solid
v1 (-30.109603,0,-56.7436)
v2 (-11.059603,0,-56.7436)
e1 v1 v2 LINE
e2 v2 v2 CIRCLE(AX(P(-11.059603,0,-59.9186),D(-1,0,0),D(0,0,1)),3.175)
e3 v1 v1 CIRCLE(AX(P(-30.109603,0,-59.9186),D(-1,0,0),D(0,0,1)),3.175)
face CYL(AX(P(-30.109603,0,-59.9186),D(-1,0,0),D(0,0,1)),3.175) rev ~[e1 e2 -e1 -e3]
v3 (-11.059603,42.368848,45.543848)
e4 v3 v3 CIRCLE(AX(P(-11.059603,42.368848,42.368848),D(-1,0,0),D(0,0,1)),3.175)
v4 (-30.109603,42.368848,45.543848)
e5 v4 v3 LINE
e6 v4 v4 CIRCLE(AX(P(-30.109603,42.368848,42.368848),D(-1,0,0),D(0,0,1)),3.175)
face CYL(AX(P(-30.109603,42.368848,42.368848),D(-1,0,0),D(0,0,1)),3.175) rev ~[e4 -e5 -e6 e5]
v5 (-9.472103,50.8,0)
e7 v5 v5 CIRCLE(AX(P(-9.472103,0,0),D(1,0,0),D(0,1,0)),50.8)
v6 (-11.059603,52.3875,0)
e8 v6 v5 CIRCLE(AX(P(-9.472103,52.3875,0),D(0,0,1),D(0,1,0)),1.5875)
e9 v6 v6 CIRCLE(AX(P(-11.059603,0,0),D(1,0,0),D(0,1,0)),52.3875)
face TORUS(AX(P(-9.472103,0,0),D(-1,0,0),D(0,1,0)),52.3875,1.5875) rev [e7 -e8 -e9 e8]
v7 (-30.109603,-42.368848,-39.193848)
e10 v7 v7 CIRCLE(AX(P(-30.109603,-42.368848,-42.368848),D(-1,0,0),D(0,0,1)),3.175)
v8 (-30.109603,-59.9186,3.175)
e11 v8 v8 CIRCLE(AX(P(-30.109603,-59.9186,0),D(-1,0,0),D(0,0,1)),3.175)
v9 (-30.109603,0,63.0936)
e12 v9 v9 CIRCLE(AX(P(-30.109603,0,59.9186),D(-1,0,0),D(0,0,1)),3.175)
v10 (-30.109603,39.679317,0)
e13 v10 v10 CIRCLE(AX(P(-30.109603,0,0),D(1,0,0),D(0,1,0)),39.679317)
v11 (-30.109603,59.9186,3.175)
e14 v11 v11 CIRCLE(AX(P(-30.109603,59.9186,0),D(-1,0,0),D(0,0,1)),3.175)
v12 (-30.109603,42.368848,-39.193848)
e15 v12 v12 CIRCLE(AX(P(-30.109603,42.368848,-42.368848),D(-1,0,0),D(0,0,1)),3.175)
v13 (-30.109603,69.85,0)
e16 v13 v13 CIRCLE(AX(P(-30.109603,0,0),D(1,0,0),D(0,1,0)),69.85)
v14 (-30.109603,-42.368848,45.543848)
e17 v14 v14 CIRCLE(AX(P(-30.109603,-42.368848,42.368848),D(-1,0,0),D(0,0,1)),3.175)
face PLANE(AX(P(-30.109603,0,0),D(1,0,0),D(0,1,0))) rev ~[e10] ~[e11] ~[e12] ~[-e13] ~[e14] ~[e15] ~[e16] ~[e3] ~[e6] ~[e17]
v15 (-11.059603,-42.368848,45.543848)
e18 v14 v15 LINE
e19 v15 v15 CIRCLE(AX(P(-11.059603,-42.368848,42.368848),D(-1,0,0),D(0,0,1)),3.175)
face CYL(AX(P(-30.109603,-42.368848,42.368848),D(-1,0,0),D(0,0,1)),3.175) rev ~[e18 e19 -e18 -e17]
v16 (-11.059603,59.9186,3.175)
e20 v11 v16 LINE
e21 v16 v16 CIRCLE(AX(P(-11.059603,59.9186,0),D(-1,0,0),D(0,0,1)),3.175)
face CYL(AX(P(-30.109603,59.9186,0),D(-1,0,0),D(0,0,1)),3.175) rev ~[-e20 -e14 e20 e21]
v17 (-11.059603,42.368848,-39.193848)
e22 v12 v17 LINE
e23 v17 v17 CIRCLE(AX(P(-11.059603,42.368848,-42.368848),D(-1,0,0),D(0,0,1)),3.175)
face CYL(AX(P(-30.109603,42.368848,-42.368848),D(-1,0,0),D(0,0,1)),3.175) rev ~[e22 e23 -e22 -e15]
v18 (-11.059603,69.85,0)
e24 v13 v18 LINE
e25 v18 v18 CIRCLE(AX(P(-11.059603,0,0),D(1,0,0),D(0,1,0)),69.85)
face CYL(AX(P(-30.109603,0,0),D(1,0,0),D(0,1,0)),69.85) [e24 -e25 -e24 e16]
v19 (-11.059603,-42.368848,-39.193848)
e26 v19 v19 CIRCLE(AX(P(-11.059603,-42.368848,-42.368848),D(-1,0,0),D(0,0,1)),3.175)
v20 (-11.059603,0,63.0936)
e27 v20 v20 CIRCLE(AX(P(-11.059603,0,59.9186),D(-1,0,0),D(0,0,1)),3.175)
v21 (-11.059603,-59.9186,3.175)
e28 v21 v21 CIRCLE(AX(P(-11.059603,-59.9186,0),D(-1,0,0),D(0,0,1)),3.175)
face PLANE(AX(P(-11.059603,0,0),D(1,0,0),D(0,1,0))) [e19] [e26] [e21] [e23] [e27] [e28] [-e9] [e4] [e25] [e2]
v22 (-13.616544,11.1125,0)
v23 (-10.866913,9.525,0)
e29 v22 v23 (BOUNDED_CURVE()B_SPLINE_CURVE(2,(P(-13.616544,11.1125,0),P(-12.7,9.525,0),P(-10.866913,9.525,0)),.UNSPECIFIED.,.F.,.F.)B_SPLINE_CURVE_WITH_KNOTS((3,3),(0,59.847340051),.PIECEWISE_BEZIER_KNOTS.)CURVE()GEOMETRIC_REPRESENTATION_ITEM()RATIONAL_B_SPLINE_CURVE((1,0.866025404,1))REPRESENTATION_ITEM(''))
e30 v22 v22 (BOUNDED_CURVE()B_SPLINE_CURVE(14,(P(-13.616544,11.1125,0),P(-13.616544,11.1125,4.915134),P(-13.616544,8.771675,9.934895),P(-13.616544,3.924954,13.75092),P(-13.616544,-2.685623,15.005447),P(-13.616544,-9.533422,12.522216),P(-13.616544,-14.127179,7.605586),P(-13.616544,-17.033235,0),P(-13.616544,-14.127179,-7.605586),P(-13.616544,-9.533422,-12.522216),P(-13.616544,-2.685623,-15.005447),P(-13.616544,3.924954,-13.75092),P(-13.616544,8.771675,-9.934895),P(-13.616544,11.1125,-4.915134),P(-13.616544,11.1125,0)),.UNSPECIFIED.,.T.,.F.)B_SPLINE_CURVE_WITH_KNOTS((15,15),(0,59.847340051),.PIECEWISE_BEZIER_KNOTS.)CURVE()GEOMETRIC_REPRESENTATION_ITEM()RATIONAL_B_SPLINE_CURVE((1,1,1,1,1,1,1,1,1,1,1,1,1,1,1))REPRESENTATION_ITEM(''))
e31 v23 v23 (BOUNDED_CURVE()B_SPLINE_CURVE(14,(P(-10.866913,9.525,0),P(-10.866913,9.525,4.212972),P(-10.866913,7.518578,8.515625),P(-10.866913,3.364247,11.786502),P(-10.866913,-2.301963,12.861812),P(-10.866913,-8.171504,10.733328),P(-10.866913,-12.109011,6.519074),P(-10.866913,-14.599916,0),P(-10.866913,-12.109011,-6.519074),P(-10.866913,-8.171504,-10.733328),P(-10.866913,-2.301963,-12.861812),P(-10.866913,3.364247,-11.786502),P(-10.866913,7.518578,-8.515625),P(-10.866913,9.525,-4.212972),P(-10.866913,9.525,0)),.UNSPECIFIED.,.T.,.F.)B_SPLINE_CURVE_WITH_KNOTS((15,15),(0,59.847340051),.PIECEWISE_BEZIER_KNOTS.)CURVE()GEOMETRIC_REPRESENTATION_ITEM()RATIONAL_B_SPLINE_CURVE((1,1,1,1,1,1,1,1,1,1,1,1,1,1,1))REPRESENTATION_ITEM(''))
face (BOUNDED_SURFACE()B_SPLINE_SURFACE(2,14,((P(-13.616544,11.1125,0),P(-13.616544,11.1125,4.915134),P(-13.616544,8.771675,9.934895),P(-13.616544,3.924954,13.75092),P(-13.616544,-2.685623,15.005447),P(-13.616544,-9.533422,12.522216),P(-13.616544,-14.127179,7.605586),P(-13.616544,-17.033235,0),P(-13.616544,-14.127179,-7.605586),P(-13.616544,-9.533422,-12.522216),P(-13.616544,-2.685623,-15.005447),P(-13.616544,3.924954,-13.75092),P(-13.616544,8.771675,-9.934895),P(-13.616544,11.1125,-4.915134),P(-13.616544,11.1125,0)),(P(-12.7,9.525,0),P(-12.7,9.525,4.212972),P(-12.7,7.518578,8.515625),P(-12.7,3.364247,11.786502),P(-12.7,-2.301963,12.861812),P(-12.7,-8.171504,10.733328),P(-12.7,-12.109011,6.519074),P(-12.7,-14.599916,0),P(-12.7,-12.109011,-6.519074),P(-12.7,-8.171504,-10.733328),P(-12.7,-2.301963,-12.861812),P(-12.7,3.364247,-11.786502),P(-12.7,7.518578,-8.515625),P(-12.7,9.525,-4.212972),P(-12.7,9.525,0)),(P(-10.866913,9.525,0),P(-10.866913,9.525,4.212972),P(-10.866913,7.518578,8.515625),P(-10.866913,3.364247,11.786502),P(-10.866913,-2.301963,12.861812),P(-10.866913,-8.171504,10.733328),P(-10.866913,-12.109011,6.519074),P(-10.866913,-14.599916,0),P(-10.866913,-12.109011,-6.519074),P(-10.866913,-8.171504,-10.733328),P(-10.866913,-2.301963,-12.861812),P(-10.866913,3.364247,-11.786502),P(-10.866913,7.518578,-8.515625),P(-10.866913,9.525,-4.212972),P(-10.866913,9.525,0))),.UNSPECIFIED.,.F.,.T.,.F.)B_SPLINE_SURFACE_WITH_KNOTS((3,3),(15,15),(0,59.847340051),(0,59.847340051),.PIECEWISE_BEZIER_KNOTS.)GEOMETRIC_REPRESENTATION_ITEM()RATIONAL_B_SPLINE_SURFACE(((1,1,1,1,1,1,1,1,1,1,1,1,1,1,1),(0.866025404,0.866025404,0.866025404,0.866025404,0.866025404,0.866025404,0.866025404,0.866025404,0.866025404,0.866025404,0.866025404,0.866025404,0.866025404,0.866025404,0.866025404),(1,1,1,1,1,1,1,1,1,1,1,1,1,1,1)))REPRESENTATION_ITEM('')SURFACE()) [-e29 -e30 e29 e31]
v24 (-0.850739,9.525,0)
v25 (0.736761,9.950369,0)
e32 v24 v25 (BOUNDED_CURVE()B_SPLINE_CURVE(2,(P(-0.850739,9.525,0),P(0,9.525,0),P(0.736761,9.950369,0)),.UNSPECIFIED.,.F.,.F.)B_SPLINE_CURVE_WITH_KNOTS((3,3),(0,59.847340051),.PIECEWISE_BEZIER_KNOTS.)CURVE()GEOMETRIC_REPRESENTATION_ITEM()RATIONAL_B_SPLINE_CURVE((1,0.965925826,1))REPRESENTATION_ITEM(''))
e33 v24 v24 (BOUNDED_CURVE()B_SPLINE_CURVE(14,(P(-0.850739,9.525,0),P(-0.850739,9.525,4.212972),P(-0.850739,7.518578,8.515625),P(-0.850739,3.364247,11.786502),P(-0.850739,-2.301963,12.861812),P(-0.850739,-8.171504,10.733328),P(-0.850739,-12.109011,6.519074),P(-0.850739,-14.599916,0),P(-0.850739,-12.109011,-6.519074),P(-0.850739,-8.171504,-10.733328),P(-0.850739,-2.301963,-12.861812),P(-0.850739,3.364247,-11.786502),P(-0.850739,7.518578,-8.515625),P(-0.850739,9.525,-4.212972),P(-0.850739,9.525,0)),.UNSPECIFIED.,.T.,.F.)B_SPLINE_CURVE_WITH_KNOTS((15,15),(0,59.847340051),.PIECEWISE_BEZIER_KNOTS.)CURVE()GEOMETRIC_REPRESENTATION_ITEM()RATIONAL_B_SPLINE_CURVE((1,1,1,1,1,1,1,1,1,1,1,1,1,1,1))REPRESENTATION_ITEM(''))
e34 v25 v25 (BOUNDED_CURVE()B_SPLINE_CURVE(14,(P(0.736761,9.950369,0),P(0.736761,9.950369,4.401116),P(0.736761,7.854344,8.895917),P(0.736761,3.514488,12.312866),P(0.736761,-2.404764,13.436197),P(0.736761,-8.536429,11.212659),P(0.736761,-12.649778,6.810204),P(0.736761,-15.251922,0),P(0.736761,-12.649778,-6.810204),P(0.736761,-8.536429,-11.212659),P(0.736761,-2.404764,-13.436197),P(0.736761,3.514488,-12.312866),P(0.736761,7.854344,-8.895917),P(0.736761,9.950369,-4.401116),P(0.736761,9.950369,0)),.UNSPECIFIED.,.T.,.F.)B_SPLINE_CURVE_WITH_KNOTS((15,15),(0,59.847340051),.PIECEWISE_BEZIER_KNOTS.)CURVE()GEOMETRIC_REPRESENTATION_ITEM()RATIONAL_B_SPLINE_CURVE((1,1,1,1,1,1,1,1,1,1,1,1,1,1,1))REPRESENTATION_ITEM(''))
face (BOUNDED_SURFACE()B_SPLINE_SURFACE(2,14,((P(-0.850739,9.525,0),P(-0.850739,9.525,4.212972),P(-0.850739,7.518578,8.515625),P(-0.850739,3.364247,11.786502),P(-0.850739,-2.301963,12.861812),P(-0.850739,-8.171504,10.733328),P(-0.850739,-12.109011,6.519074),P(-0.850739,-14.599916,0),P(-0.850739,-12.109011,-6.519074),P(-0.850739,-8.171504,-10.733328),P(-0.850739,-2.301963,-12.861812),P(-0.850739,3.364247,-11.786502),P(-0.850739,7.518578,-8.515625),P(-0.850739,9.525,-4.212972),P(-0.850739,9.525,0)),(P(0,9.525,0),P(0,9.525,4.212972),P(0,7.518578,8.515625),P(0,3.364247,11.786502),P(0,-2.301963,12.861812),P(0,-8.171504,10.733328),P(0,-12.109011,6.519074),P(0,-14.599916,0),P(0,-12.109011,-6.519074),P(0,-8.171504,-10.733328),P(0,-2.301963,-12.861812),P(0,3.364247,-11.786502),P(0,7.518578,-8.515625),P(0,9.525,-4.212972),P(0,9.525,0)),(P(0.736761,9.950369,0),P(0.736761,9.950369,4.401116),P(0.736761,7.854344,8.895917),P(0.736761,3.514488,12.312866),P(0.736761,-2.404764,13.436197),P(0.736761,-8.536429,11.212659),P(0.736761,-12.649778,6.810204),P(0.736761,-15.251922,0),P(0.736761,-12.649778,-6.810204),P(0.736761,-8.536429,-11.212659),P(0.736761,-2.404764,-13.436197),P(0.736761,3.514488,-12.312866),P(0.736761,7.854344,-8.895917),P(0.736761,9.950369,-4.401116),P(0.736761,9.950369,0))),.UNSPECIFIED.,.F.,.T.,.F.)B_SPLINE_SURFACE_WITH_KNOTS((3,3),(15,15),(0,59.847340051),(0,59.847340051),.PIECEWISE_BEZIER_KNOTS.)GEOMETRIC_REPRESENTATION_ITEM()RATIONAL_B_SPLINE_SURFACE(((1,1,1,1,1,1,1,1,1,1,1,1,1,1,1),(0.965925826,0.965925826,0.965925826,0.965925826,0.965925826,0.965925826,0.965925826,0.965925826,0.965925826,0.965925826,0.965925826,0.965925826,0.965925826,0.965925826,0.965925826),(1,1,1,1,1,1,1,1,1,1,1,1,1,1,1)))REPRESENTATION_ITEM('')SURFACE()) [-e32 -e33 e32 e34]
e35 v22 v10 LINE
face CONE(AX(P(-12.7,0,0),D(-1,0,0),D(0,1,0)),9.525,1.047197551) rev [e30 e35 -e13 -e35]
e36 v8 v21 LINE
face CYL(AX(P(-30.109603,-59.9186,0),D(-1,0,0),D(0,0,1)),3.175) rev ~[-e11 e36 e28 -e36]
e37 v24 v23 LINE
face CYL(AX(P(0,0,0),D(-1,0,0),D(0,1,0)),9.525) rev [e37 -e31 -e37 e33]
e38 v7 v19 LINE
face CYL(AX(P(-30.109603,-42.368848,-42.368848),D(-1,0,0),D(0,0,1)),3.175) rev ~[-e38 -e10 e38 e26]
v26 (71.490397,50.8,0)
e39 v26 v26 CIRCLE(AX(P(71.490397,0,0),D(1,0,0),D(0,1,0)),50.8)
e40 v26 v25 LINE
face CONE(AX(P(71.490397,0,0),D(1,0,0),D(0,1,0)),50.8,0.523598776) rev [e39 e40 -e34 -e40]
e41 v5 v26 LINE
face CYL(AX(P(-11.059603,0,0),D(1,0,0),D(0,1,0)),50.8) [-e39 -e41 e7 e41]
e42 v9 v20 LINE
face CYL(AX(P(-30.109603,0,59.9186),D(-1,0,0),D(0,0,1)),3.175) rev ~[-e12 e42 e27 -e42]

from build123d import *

# Parameters (mm, degrees)
CUT_EXTRUDE2_REACH = 103.6
SKETCH3_R          = 3.175
FILLET1_R          = 3.175
FILLET2_R          = 1.5875


with BuildPart() as part:
    # Sketch1 → Revolve1 (revolve)
    with BuildSketch(Plane.XY):
        Polygon((-12.7, 9.525), (-30.109602918, 39.679316793), (-30.109602918, 50.8), (-30.109602918, 69.85), (-11.059602918, 69.85), (-11.059602918, 50.8), (71.490397082, 50.8), (0, 9.525), align=None)
    revolve(axis=Axis((0, 0, 0), (1, 0, 0)))

    # Sketch3 → Cut-Extrude2 (cut, up to next)
    with BuildSketch(Plane.ZY.offset(30.109602918), mode=Mode.PRIVATE) as cut_extrude2_sk1:
        with Locations((0, 59.9186)):
            Circle(SKETCH3_R)
    cut_extrude2_tool1 = extrude(cut_extrude2_sk1.sketch, amount=-CUT_EXTRUDE2_REACH, mode=Mode.PRIVATE) & part.part
    add(cut_extrude2_tool1.solids().sort_by_distance((-30.109603, 59.9186, 0))[0], mode=Mode.SUBTRACT)
    # Sketch3 → Cut-Extrude2 (cut, up to next)
    with BuildSketch(Plane.ZY.offset(30.109602918), mode=Mode.PRIVATE) as cut_extrude2_sk2:
        with Locations((42.368848379, 42.368848379)):
            Circle(SKETCH3_R)
    cut_extrude2_tool2 = extrude(cut_extrude2_sk2.sketch, amount=-CUT_EXTRUDE2_REACH, mode=Mode.PRIVATE) & part.part
    add(cut_extrude2_tool2.solids().sort_by_distance((-30.109603, 42.368848, 42.368848))[0], mode=Mode.SUBTRACT)
    # Sketch3 → Cut-Extrude2 (cut, up to next)
    with BuildSketch(Plane.ZY.offset(30.109602918), mode=Mode.PRIVATE) as cut_extrude2_sk3:
        with Locations((59.9186, 0)):
            Circle(SKETCH3_R)
    cut_extrude2_tool3 = extrude(cut_extrude2_sk3.sketch, amount=-CUT_EXTRUDE2_REACH, mode=Mode.PRIVATE) & part.part
    add(cut_extrude2_tool3.solids().sort_by_distance((-30.109603, 0, 59.9186))[0], mode=Mode.SUBTRACT)
    # Sketch3 → Cut-Extrude2 (cut, up to next)
    with BuildSketch(Plane.ZY.offset(30.109602918), mode=Mode.PRIVATE) as cut_extrude2_sk4:
        with Locations((42.368848379, -42.368848379)):
            Circle(SKETCH3_R)
    cut_extrude2_tool4 = extrude(cut_extrude2_sk4.sketch, amount=-CUT_EXTRUDE2_REACH, mode=Mode.PRIVATE) & part.part
    add(cut_extrude2_tool4.solids().sort_by_distance((-30.109603, -42.368848, 42.368848))[0], mode=Mode.SUBTRACT)
    # Sketch3 → Cut-Extrude2 (cut, up to next)
    with BuildSketch(Plane.ZY.offset(30.109602918), mode=Mode.PRIVATE) as cut_extrude2_sk5:
        with Locations((0, -59.9186)):
            Circle(SKETCH3_R)
    cut_extrude2_tool5 = extrude(cut_extrude2_sk5.sketch, amount=-CUT_EXTRUDE2_REACH, mode=Mode.PRIVATE) & part.part
    add(cut_extrude2_tool5.solids().sort_by_distance((-30.109603, -59.9186, 0))[0], mode=Mode.SUBTRACT)
    # Sketch3 → Cut-Extrude2 (cut, up to next)
    with BuildSketch(Plane.ZY.offset(30.109602918), mode=Mode.PRIVATE) as cut_extrude2_sk6:
        with Locations((-42.368848379, -42.368848379)):
            Circle(SKETCH3_R)
    cut_extrude2_tool6 = extrude(cut_extrude2_sk6.sketch, amount=-CUT_EXTRUDE2_REACH, mode=Mode.PRIVATE) & part.part
    add(cut_extrude2_tool6.solids().sort_by_distance((-30.109603, -42.368848, -42.368848))[0], mode=Mode.SUBTRACT)
    # Sketch3 → Cut-Extrude2 (cut, up to next)
    with BuildSketch(Plane.ZY.offset(30.109602918), mode=Mode.PRIVATE) as cut_extrude2_sk7:
        with Locations((-59.9186, 0)):
            Circle(SKETCH3_R)
    cut_extrude2_tool7 = extrude(cut_extrude2_sk7.sketch, amount=-CUT_EXTRUDE2_REACH, mode=Mode.PRIVATE) & part.part
    add(cut_extrude2_tool7.solids().sort_by_distance((-30.109603, 0, -59.9186))[0], mode=Mode.SUBTRACT)
    # Sketch3 → Cut-Extrude2 (cut, up to next)
    with BuildSketch(Plane.ZY.offset(30.109602918), mode=Mode.PRIVATE) as cut_extrude2_sk8:
        with Locations((-42.368848379, 42.368848379)):
            Circle(SKETCH3_R)
    cut_extrude2_tool8 = extrude(cut_extrude2_sk8.sketch, amount=-CUT_EXTRUDE2_REACH, mode=Mode.PRIVATE) & part.part
    add(cut_extrude2_tool8.solids().sort_by_distance((-30.109603, 42.368848, -42.368848))[0], mode=Mode.SUBTRACT)

    # Fillet1
    fillet1_edges = [part.edges().sort_by_distance(p)[0] for p in [
        (0, -9.525, 0),
        (-12.7, -9.525, 0),
    ]]
    fillet(fillet1_edges, radius=FILLET1_R)

    # Fillet2
    fillet2_edges = [part.edges().sort_by_distance(p)[0] for p in [
        (-11.059602918, -50.8, 0),
    ]]
    fillet(fillet2_edges, radius=FILLET2_R)


solid = part.part
